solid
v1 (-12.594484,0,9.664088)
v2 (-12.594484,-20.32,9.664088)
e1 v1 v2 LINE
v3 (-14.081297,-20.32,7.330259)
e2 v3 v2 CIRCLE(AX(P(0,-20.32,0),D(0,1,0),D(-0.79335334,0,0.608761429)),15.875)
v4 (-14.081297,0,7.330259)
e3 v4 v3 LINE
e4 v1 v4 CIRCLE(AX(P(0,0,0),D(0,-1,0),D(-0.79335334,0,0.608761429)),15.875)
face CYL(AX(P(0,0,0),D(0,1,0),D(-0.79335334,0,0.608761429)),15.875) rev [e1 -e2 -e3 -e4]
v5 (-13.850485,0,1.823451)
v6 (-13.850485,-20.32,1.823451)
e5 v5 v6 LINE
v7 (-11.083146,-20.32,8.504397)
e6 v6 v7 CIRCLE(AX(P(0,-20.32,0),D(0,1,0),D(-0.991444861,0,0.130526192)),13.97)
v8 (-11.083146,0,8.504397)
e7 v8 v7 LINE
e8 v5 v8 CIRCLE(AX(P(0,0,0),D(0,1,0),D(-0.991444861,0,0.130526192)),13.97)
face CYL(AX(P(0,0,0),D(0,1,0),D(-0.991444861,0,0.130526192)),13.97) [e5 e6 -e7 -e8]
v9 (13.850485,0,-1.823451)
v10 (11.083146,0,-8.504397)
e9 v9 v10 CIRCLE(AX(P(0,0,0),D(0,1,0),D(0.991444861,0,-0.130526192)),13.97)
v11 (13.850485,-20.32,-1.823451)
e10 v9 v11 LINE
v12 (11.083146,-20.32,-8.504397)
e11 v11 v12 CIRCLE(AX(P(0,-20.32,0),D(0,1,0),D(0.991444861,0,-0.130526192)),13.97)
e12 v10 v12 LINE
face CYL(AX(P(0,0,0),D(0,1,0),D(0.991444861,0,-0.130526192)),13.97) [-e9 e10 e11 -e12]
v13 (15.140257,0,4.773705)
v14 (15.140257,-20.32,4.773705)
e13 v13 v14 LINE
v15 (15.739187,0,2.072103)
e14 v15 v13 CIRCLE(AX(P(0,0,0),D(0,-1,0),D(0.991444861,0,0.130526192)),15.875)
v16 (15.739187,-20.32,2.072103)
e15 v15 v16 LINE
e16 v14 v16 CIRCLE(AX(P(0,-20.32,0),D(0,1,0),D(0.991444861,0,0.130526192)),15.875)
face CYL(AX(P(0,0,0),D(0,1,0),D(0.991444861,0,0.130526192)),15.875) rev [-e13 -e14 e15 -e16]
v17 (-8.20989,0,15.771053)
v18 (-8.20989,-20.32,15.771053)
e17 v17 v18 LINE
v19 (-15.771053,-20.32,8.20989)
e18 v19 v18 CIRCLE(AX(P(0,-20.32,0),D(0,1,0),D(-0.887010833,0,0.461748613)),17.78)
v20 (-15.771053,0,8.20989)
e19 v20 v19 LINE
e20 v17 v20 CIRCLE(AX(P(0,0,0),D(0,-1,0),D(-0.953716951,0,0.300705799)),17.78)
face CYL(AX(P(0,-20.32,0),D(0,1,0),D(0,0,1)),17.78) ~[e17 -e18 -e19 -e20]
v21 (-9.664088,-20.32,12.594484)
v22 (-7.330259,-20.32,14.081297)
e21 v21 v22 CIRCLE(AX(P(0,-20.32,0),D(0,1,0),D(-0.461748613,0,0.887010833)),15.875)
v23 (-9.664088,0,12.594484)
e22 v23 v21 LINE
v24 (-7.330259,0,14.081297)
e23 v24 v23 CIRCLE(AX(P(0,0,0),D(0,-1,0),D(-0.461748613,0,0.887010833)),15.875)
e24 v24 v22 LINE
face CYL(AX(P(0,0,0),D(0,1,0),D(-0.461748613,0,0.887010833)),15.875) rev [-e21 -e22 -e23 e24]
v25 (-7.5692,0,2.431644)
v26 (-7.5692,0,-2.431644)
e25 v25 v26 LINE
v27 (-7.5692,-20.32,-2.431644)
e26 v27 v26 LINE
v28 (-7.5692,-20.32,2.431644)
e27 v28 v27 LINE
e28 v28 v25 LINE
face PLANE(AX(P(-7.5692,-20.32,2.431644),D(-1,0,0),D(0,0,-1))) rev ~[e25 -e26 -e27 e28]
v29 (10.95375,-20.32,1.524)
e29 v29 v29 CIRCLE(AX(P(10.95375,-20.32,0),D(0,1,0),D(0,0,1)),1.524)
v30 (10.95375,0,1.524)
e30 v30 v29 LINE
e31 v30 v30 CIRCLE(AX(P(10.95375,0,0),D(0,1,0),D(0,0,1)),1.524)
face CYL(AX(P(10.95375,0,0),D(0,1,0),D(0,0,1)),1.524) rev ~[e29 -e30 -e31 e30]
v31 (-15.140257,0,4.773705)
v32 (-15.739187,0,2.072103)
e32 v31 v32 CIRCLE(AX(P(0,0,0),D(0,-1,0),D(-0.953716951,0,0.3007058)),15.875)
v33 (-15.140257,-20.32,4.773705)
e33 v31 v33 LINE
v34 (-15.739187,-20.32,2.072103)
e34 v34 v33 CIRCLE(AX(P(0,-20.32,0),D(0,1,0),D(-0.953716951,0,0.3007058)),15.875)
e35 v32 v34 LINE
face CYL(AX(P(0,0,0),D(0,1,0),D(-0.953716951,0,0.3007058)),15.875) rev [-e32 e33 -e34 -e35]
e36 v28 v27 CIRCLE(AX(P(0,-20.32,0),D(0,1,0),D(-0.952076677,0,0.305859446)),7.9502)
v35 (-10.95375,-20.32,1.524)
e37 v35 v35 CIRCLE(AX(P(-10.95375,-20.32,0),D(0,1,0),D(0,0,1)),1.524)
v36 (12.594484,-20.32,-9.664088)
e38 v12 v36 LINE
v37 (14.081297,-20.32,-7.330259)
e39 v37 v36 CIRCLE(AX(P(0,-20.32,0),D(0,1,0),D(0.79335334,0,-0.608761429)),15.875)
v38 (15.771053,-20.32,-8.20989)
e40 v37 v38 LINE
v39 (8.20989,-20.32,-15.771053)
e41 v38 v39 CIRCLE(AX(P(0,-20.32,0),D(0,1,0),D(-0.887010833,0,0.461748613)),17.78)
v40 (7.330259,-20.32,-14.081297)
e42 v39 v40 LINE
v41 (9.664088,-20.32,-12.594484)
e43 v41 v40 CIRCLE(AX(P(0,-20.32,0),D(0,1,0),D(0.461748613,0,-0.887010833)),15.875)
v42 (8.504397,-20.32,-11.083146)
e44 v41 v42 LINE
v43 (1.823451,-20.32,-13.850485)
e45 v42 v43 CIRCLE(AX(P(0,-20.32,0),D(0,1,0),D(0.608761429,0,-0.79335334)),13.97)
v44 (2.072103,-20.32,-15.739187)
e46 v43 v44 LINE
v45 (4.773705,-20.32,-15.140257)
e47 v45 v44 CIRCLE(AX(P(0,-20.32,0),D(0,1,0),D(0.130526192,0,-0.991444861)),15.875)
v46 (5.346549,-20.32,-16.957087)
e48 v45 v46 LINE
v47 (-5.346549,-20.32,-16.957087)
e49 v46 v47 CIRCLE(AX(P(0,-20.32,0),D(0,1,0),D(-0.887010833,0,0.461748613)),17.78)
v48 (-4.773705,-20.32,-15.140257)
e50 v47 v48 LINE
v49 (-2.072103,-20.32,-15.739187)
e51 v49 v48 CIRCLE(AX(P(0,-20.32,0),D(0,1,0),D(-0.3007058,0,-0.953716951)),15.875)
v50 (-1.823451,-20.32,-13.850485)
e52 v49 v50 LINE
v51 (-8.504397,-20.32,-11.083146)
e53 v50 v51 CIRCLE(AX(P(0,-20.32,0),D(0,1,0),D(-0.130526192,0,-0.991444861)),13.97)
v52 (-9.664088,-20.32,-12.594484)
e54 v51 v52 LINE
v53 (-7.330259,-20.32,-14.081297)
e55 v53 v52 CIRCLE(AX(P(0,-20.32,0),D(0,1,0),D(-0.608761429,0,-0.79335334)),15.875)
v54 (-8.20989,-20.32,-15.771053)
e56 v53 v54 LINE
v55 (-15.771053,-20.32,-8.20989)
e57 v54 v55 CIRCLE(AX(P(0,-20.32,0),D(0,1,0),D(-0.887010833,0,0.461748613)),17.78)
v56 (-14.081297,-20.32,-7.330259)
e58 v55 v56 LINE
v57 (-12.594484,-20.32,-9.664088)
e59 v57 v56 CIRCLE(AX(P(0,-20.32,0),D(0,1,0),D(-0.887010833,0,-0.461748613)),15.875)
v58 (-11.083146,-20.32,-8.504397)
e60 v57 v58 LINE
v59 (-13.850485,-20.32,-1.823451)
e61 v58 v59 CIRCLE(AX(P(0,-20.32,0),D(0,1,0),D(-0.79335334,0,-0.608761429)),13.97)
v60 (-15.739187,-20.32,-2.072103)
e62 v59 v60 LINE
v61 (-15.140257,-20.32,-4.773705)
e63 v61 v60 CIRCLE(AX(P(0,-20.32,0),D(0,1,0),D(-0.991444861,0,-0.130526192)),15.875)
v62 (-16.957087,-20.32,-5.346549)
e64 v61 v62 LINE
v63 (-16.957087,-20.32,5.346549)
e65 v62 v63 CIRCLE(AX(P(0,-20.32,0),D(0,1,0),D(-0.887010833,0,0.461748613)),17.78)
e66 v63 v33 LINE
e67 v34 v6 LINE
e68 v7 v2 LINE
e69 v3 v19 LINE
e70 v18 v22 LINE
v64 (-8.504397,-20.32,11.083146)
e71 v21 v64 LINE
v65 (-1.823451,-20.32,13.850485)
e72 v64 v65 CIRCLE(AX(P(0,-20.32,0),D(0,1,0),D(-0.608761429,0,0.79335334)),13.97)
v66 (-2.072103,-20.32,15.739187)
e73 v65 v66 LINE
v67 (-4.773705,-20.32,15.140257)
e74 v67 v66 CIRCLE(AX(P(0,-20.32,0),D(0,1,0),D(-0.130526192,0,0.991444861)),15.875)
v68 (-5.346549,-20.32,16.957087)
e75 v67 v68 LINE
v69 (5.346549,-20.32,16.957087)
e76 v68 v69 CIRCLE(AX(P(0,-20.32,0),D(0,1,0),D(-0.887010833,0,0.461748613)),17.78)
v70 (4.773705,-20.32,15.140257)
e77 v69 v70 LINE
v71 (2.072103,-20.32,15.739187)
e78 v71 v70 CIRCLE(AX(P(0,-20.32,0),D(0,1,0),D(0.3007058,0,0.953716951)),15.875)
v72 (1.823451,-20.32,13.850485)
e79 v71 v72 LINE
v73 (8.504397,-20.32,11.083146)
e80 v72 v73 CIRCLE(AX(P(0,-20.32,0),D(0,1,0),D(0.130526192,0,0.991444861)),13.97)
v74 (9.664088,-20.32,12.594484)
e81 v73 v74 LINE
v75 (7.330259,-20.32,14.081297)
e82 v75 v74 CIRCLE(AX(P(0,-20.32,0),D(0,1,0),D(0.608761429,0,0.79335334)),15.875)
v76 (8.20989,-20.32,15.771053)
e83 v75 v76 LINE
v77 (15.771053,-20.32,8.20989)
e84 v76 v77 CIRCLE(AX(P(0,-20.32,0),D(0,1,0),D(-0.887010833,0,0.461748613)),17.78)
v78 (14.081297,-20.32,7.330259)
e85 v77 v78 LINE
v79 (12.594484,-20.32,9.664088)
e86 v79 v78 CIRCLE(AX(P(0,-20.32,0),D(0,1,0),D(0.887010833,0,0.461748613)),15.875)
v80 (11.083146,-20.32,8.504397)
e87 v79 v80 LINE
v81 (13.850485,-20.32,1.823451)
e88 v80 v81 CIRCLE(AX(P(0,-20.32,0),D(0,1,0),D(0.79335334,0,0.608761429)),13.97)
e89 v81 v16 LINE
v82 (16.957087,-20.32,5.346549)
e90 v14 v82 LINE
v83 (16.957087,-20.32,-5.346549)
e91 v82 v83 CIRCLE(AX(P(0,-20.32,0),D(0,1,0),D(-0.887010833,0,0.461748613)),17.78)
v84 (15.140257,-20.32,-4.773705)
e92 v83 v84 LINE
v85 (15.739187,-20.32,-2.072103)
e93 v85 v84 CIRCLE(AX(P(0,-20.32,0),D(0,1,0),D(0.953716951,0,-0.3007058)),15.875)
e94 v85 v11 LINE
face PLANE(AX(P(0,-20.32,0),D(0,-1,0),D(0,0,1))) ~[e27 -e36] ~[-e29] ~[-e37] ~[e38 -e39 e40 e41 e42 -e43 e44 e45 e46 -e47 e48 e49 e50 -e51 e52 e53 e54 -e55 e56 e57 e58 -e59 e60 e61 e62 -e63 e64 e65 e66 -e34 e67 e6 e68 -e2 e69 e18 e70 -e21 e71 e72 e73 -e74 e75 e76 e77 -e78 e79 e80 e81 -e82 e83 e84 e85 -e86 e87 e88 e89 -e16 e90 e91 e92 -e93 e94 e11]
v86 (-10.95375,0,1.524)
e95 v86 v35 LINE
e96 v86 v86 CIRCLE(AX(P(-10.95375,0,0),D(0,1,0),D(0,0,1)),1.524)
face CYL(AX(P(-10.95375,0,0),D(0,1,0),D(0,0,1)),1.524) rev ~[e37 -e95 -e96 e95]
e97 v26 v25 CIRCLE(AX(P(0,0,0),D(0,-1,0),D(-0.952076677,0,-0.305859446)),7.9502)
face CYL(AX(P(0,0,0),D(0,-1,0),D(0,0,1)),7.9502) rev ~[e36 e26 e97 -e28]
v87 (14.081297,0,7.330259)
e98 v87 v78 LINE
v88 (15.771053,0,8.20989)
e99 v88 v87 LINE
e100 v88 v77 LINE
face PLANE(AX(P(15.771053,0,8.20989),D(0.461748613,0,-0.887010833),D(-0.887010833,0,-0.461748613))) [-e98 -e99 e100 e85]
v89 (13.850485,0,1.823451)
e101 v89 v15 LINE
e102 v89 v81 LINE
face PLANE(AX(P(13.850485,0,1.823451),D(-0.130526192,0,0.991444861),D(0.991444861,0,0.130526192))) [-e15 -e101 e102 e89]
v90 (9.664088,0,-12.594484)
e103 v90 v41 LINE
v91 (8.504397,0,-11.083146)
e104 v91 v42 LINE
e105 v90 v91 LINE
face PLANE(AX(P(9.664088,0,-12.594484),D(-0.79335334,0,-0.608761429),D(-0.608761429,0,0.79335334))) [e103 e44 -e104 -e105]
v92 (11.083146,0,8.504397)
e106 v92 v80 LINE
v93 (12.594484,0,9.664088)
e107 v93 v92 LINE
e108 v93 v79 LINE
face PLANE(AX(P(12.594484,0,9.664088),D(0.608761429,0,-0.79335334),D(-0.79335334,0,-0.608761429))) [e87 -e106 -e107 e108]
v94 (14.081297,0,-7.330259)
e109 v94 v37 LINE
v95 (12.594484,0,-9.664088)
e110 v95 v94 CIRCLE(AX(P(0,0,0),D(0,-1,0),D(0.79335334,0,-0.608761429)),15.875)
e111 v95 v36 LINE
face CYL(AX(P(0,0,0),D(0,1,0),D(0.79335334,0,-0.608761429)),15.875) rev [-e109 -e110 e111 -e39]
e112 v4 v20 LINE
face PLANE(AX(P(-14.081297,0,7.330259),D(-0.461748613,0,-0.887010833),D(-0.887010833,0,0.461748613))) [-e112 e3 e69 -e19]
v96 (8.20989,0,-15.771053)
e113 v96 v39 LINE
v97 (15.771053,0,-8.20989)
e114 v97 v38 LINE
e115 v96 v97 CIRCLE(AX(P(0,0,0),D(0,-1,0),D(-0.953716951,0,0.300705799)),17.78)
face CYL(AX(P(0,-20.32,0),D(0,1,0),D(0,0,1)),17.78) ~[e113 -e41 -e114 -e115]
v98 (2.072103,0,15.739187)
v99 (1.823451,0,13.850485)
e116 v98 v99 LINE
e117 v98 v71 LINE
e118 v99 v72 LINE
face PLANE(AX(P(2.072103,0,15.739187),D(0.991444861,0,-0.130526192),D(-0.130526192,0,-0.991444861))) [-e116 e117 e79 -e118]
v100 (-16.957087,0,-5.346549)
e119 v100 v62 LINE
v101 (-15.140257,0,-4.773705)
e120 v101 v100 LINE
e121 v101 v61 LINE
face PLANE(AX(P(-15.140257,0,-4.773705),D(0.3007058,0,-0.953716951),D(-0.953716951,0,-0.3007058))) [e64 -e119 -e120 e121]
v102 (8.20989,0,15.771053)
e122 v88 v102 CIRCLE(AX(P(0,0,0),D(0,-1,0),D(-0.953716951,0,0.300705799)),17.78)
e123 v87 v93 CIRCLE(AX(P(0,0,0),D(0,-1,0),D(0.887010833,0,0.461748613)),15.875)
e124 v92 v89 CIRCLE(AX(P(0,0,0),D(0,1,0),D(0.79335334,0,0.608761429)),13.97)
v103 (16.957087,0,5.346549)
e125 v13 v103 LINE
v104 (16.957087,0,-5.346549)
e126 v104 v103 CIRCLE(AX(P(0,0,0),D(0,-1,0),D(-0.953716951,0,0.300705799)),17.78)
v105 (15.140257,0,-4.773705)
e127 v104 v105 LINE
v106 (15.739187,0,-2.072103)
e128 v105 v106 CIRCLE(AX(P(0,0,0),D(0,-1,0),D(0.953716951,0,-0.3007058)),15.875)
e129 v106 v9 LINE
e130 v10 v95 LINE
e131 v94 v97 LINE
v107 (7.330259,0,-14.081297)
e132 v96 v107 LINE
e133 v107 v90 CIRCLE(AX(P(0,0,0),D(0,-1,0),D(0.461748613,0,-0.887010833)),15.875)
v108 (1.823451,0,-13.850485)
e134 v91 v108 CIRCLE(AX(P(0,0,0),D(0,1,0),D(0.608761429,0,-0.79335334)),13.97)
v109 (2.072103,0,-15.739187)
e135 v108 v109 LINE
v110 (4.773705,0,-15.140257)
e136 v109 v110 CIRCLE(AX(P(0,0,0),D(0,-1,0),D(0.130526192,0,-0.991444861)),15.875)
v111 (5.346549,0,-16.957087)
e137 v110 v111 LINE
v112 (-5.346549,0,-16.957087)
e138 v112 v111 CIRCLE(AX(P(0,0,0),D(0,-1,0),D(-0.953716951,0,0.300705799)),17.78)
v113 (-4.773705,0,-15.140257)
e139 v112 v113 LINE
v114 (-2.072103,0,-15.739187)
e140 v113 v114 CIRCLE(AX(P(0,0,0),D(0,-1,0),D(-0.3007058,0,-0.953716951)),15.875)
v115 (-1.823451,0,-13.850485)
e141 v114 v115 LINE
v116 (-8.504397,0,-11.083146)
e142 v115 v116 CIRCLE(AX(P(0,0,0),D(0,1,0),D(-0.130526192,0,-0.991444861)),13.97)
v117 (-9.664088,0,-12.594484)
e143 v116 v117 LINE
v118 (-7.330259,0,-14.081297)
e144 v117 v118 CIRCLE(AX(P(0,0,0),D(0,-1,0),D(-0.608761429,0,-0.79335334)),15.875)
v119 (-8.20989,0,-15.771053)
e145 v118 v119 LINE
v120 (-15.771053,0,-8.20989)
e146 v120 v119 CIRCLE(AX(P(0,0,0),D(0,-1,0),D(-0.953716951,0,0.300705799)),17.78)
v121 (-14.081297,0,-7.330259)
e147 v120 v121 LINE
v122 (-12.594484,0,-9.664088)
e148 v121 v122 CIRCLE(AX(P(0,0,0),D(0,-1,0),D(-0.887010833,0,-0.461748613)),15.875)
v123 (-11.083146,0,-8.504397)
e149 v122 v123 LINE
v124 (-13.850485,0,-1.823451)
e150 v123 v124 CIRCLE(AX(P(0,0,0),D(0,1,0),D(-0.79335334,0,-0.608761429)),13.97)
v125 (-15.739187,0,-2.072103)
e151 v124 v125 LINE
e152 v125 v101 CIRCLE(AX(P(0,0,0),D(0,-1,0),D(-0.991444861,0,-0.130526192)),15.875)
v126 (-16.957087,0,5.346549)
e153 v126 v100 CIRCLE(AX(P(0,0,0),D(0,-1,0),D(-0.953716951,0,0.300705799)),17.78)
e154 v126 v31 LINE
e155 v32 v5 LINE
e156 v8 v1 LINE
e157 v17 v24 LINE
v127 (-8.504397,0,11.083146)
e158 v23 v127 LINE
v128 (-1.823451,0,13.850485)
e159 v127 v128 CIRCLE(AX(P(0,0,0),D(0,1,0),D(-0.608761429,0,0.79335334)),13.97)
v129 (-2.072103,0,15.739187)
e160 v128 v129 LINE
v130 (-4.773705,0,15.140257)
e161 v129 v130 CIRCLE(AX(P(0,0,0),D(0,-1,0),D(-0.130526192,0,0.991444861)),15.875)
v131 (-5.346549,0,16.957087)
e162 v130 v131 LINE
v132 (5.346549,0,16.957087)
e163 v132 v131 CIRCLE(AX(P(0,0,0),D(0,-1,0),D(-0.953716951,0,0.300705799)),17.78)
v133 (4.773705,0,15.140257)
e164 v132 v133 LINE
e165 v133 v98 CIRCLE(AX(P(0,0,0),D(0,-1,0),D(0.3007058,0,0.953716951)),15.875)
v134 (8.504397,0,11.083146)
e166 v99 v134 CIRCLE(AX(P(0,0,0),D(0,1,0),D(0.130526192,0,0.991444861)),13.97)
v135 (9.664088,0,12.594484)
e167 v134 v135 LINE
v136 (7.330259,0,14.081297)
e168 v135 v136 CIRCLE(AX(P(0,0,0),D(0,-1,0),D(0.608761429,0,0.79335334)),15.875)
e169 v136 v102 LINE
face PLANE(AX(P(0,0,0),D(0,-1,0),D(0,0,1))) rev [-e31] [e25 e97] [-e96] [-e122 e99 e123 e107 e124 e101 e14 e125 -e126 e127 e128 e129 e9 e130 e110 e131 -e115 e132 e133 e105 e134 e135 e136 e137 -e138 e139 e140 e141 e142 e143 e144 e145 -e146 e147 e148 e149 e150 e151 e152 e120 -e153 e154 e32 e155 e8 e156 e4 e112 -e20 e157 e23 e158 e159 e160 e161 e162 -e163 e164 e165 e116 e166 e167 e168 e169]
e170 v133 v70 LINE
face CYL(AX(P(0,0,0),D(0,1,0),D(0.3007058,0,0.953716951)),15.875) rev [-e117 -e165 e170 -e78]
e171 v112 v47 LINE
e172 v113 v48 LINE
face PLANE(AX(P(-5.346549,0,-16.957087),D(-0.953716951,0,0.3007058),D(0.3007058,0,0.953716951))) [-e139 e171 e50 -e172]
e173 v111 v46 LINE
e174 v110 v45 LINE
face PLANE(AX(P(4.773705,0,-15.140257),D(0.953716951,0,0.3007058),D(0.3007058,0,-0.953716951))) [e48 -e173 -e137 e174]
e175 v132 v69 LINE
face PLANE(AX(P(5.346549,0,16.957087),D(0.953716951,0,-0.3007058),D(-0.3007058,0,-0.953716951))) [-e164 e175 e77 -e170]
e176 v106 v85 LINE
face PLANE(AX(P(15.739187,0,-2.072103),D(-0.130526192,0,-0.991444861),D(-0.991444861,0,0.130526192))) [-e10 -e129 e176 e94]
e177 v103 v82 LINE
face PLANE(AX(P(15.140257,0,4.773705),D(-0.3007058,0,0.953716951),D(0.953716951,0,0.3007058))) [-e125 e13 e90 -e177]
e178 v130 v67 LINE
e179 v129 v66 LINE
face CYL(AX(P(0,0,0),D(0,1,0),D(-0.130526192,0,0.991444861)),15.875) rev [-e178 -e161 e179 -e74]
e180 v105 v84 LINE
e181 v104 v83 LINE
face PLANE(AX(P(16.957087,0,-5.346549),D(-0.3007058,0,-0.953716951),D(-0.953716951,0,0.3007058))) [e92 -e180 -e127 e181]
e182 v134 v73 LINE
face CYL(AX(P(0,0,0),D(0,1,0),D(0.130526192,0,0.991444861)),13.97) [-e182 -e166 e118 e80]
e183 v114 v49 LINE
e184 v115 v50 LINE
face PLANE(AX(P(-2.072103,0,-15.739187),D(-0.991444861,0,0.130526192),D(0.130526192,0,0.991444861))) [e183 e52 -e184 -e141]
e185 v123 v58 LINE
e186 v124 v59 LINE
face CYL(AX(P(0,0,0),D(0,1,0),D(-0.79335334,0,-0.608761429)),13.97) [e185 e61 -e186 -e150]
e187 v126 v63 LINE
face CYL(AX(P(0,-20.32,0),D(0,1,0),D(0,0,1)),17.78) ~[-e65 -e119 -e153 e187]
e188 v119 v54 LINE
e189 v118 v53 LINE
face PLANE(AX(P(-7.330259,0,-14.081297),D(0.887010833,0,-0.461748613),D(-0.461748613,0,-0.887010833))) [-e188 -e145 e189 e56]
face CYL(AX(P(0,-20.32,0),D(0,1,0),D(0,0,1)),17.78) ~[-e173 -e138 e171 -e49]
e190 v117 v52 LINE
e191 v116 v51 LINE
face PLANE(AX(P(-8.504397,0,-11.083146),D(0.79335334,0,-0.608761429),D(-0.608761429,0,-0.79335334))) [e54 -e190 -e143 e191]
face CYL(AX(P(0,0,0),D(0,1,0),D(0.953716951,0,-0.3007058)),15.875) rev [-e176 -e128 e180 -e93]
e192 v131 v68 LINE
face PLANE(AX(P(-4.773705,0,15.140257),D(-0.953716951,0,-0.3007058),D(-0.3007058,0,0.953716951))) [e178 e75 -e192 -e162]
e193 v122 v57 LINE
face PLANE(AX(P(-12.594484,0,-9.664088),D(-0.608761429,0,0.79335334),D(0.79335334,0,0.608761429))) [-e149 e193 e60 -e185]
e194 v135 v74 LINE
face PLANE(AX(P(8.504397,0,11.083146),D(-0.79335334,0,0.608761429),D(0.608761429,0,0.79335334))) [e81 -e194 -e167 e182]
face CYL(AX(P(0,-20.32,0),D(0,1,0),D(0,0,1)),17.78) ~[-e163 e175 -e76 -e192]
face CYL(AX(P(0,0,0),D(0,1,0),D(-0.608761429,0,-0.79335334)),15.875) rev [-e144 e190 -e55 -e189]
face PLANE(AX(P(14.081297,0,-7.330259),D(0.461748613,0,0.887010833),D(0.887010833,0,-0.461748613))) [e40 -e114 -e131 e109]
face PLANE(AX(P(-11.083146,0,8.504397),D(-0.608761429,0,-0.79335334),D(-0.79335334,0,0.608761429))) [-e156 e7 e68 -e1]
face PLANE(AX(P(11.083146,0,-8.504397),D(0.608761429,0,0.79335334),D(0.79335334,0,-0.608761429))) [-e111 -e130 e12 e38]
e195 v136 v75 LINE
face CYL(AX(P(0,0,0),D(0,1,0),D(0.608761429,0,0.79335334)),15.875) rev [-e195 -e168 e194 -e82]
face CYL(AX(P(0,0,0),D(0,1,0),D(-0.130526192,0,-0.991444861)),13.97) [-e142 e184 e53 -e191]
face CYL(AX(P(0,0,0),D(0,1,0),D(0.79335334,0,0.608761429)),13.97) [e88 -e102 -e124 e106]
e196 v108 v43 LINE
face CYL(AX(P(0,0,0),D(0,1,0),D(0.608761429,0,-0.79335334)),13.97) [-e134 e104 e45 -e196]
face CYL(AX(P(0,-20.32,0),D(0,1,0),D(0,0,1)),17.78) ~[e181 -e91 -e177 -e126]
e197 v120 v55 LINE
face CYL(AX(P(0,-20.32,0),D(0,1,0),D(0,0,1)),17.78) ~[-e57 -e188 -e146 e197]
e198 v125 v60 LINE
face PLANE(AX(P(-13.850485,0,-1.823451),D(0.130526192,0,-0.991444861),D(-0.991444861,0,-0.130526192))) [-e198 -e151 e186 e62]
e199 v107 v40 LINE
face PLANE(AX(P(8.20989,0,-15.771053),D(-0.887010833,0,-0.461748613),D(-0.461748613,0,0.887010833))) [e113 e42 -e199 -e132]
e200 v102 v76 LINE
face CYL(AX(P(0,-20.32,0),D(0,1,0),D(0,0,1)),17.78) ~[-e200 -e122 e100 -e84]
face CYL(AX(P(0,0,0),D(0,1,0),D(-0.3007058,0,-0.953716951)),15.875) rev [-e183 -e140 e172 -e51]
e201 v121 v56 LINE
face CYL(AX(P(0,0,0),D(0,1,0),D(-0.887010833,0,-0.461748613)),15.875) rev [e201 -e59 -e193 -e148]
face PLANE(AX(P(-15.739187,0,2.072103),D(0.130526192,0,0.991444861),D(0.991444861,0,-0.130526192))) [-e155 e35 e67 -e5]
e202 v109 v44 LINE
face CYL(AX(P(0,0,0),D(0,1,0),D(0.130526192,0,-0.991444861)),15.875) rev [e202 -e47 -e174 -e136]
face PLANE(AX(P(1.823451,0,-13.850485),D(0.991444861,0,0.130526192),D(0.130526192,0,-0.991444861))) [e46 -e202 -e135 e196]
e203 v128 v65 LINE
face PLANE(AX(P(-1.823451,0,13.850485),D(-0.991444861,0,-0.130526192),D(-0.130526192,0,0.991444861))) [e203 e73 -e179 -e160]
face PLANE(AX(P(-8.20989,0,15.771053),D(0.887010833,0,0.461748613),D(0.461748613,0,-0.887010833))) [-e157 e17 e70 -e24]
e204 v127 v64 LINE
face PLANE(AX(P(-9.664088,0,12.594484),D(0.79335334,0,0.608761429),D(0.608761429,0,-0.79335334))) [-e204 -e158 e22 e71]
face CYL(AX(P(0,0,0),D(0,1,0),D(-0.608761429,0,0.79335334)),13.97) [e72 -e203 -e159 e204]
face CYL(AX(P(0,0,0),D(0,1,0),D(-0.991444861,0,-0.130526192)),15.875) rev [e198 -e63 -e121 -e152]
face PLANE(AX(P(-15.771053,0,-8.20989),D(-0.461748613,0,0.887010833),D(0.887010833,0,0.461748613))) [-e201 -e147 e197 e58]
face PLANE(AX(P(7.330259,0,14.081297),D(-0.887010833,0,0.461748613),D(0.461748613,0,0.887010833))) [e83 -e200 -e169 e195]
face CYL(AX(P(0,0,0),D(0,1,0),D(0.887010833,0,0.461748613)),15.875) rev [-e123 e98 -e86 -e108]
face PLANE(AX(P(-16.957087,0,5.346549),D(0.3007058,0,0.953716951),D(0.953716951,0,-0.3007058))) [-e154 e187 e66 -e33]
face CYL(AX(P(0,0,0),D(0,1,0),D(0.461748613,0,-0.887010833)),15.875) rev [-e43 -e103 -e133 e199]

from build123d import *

# Parameters (mm, degrees)
SKETCH1_W           = 5.08
SKETCH1_H           = 0.3048
CUT_EXTRUDE1_DEPTH  = 33.328922036
CIRPATTERN1_COUNT   = 8
BOSS_EXTRUDE1_START = -20.32
BOSS_EXTRUDE1_DEPTH = 20.32
SKETCH8_R           = 1.524
CUT_EXTRUDE2_DEPTH  = 33.328922036


with BuildPart() as part:
    # Sketch1 → Revolve1 (revolve)
    with BuildSketch(Plane.YZ):
        with Locations((-2.54, 14.4526)):
            Rectangle(SKETCH1_W, SKETCH1_H)
        Polygon((0, 14.3002), (0, 7.9502), (-20.32, 7.9502), (-20.32, 17.78), (0, 17.78), (0, 14.605), (-5.08, 14.605), (-5.08, 14.3002), align=None)
    revolve(axis=Axis((0, 0, 0), (0, -1, 0)))

    # Sketch2 → Cut-Extrude1 (cut, through all)
    with BuildSketch(Plane(origin=(0, 0, 0), x_dir=(-1, 0, 0), z_dir=(0, 1, 0))):
        with BuildLine():
            ThreePointArc((15.771052614, 8.209890343), (16.426578088, 6.804111427), (16.957087384, 5.346549115))
            Line((16.957087384, 5.346549115), (15.140256593, 4.773704567))
            ThreePointArc((15.140256593, 4.773704567), (15.498699113, 3.435978871), (15.739187174, 2.072103301))
            Line((15.739187174, 2.072103301), (13.850484713, 1.823450905))
            ThreePointArc((13.850484713, 1.823450905), (12.906597069, 5.34608755), (11.083146164, 8.504397163))
            Line((11.083146164, 8.504397163), (12.594484277, 9.664087686))
            ThreePointArc((12.594484277, 9.664087686), (13.388839202, 8.529631283), (14.081296977, 7.330259235))
            Line((14.081296977, 7.330259235), (15.771052614, 8.209890343))
        make_face()
    cut_extrude1 = extrude(amount=-CUT_EXTRUDE1_DEPTH, mode=Mode.SUBTRACT)

    # CirPattern1: Cut-Extrude1 ×8 about axis
    cirpattern1_axis = Axis((0, 0, 0), (0, 1, 0))
    for i in range(1, CIRPATTERN1_COUNT):
        add(cut_extrude1.rotate(cirpattern1_axis, i * 360 / CIRPATTERN1_COUNT), mode=Mode.SUBTRACT)

    # Sketch5 → Boss-Extrude1 (add)
    with BuildSketch(Plane(origin=(0, 0, 0), x_dir=(1, 0, 0), z_dir=(0, 1, 0)).offset(BOSS_EXTRUDE1_START)):
        with BuildLine():
            Line((-7.5692, -2.431643765), (-7.5692, 2.431643765))
            ThreePointArc((-7.5692, 2.431643765), (-7.9502, 0), (-7.5692, -2.431643765))
        make_face()
    extrude(amount=BOSS_EXTRUDE1_DEPTH)

    # Sketch8 → Cut-Extrude2 (cut, through all)
    with BuildSketch(Plane(origin=(0, 0, 0), x_dir=(-1, 0, 0), z_dir=(0, 1, 0))):
        with Locations(Location((-10.95375, 0, 0), (0, 0, 90))):
            Circle(SKETCH8_R)
        with Locations(Location((10.95375, 0, 0), (0, 0, 90))):
            Circle(SKETCH8_R)
    extrude(amount=-CUT_EXTRUDE2_DEPTH, mode=Mode.SUBTRACT)


solid = part.part
